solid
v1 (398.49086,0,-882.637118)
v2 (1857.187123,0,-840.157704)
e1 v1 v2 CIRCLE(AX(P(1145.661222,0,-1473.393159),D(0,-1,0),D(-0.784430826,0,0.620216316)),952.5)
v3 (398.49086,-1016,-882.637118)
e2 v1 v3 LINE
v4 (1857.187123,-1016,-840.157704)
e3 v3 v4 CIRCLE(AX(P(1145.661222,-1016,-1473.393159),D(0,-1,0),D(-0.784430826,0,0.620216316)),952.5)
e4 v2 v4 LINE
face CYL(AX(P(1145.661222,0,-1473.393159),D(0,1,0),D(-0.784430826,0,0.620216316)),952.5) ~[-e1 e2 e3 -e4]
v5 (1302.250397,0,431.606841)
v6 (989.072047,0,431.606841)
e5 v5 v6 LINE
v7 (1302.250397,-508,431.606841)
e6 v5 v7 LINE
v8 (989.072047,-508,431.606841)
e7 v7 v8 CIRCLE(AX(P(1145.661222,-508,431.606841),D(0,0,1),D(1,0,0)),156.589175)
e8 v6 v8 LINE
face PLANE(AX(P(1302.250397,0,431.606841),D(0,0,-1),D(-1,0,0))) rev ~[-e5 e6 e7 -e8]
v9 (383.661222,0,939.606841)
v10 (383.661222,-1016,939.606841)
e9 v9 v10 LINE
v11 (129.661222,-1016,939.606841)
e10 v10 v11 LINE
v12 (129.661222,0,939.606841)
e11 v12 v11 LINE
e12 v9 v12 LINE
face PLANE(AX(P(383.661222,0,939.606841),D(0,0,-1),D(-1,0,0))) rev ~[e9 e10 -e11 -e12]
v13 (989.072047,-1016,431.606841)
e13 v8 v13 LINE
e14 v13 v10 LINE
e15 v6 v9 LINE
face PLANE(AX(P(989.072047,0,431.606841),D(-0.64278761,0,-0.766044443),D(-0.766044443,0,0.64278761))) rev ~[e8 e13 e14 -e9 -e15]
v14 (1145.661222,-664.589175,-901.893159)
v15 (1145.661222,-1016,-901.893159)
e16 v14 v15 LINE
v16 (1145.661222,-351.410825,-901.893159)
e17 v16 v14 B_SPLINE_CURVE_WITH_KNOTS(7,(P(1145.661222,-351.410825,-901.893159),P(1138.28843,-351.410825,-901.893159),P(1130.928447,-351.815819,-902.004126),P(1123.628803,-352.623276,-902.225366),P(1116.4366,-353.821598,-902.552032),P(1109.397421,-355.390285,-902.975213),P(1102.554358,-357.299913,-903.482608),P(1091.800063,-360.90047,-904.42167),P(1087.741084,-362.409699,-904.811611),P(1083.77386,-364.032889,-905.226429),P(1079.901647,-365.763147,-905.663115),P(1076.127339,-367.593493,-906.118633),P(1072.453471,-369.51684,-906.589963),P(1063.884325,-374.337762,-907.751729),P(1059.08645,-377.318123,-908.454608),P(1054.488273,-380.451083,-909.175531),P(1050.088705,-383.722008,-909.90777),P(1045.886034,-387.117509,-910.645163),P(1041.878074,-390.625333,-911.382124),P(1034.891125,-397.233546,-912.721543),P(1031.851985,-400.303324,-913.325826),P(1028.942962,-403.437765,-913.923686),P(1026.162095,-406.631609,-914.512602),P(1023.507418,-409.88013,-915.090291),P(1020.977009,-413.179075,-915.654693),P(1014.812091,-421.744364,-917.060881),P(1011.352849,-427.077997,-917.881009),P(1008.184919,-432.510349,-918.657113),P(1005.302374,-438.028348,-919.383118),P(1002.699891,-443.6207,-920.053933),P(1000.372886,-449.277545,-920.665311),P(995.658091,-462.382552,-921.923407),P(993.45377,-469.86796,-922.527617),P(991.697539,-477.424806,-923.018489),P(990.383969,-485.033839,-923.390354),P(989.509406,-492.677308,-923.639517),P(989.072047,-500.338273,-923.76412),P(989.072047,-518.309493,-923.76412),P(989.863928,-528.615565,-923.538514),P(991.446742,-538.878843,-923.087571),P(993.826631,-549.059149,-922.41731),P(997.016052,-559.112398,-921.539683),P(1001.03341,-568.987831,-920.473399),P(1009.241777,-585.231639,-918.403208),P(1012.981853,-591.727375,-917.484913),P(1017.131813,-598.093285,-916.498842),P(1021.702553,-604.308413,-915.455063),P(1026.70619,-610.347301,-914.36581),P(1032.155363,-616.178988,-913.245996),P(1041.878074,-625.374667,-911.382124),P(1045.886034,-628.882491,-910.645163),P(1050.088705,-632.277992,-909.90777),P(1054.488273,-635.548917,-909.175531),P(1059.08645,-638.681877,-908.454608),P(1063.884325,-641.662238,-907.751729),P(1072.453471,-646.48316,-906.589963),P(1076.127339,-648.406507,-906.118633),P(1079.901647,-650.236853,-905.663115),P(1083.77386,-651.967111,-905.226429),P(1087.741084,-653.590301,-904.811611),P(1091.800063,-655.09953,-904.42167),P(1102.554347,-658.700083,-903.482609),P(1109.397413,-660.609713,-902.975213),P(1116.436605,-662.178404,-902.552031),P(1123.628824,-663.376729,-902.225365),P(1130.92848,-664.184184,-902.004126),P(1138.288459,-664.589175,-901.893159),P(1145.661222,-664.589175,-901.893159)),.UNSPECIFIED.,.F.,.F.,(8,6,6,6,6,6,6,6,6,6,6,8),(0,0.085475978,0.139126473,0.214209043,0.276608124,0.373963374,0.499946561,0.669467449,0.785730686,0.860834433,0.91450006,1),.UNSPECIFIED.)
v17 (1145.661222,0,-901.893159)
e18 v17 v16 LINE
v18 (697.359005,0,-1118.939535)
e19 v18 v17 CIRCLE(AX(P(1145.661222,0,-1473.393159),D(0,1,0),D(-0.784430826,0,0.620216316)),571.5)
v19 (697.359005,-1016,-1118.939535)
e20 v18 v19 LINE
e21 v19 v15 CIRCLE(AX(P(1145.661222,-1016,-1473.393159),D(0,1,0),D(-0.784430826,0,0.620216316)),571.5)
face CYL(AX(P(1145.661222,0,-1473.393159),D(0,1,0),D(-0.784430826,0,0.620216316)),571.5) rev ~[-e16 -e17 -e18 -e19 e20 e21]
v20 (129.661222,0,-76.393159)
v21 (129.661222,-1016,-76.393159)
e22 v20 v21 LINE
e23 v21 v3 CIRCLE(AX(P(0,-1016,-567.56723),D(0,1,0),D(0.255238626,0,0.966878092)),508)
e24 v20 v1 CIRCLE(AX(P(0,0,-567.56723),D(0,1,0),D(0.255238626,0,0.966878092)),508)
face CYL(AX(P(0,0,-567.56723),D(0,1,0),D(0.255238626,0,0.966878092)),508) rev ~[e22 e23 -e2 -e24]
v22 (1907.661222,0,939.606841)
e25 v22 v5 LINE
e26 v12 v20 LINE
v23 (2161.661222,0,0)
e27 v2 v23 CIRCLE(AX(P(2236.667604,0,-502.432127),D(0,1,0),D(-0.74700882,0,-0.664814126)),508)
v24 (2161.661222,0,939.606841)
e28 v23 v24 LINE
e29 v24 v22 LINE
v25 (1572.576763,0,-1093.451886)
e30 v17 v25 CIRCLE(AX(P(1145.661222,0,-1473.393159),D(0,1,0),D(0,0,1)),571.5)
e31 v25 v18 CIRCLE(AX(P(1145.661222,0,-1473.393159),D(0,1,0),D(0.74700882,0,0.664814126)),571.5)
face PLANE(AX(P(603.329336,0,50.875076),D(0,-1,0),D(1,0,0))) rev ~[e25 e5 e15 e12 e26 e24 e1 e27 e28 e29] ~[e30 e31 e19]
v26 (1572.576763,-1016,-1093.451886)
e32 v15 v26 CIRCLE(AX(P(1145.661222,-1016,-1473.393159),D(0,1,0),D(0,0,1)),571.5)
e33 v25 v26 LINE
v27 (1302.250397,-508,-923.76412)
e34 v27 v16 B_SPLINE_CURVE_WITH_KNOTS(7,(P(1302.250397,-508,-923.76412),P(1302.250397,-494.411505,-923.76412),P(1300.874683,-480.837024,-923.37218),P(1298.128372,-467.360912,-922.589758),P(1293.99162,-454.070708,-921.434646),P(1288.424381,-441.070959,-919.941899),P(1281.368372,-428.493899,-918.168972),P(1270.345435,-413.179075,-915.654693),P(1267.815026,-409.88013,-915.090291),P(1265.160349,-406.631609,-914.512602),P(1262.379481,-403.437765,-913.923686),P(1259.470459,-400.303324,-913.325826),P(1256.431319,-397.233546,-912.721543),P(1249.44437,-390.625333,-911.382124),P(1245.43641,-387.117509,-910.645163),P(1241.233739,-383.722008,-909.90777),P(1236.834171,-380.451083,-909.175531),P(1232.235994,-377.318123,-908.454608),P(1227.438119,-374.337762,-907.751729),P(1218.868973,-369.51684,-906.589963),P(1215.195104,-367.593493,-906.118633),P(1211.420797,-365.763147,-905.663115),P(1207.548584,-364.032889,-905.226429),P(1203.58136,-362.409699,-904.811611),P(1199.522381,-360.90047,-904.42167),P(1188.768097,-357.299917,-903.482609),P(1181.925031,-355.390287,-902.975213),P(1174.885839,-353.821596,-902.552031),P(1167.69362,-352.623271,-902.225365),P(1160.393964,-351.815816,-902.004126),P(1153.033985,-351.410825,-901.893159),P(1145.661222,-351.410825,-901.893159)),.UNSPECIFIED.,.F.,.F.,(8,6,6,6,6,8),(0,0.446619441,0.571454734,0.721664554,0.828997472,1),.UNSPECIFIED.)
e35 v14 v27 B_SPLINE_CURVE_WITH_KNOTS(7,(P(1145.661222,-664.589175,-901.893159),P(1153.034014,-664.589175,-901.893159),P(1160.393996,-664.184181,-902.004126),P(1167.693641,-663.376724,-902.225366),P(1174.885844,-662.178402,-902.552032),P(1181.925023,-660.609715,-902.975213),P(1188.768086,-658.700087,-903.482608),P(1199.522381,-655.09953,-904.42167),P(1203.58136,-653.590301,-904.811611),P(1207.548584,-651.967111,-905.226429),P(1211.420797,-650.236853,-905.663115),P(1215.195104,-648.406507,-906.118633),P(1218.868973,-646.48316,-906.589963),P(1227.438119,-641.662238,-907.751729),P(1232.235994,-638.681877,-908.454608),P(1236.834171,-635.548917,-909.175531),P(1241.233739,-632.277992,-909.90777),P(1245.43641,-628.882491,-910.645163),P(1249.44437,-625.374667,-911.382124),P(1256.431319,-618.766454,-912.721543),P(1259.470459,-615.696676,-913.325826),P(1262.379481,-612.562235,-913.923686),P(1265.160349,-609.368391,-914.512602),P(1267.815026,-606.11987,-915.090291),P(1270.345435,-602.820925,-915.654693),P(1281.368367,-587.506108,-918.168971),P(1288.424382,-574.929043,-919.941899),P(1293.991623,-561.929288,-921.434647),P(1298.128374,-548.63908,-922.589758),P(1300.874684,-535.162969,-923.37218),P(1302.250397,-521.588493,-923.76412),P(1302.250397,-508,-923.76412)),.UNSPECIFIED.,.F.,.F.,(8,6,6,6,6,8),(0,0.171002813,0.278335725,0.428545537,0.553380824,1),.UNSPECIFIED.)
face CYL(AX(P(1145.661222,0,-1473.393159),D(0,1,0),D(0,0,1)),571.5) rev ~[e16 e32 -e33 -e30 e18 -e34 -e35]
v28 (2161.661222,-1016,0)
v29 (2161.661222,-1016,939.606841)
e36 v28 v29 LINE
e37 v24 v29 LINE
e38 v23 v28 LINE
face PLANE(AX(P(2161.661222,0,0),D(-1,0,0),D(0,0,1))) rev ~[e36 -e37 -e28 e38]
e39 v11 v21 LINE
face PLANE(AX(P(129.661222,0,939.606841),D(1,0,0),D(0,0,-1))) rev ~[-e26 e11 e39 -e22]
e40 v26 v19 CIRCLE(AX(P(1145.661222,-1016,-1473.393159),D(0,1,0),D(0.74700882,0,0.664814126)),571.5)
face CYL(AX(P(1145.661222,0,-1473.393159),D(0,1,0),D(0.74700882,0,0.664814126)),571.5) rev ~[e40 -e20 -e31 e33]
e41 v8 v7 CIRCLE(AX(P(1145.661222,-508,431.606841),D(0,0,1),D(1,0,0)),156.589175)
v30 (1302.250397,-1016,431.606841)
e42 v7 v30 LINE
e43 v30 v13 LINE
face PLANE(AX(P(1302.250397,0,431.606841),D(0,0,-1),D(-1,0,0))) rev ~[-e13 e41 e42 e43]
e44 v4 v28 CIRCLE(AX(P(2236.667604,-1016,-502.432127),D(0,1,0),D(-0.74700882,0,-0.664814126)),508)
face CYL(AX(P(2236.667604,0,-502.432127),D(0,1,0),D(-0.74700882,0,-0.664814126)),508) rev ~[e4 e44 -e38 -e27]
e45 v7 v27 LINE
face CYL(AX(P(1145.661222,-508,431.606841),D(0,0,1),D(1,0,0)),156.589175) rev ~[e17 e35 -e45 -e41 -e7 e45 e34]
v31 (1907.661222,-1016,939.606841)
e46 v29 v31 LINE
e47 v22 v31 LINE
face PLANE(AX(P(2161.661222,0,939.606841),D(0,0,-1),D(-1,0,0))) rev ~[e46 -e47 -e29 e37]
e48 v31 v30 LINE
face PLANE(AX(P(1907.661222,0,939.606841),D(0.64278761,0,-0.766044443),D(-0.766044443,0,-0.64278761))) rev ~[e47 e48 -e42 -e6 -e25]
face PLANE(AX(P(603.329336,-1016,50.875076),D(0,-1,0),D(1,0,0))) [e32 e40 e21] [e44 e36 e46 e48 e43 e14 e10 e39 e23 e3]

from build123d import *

# Parameters (mm, degrees)
F1_DEPTH = 1016
F2_R     = 156.5891749621
F3_DEPTH = 1355.3719613069


with BuildPart() as f1:
    # F0 (on Front) → F1 (new body)
    with BuildSketch(Plane.XZ):
        with BuildLine():
            Line((129.6612219315, 939.6068407932), (129.6612219315, -76.3931592068))
            ThreePointArc((129.6612219315, -76.3931592068), (481.9164717288, -406.8796001958), (398.4908598023, -882.6371182257))
            ThreePointArc((398.4908598023, -882.6371182257), (730.5942869888, -616.0859275114), (1145.6612219315, -520.8931592068))
            Line((1145.6612219315, -520.8931592068), (1145.6612219315, 431.6068407932))
            Line((1145.6612219315, 431.6068407932), (989.0720469693, 431.6068407932))
            Line((989.0720469693, 431.6068407932), (383.6612219315, 939.6068407932))
            Line((383.6612219315, 939.6068407932), (129.6612219315, 939.6068407932))
        make_face()
        with BuildLine():
            Line((1145.6612219315, 431.6068407932), (1145.6612219315, -520.8931592068))
            ThreePointArc((1145.6612219315, -520.8931592068), (1535.5967798457, -604.366973943), (1857.187123019, -840.1577037231))
            ThreePointArc((1857.187123019, -840.1577037231), (1759.0633544866, -329.3478091986), (2161.6612219315, 0))
            Line((2161.6612219315, 0), (2161.6612219315, 939.6068407932))
            Line((2161.6612219315, 939.6068407932), (1907.6612219315, 939.6068407932))
            Line((1907.6612219315, 939.6068407932), (1302.2503968936, 431.6068407932))
            Line((1302.2503968936, 431.6068407932), (1145.6612219315, 431.6068407932))
        make_face()
        with BuildLine():
            ThreePointArc((1857.187123019, -840.1577037231), (1535.5967798457, -604.366973943), (1145.6612219315, -520.8931592068))
            Line((1145.6612219315, -520.8931592068), (1145.6612219315, -901.8931592068))
            ThreePointArc((1145.6612219315, -901.8931592068), (1379.62255668, -951.9774480486), (1572.576762584, -1093.4518859166))
            Line((1572.576762584, -1093.4518859166), (1857.187123019, -840.1577037231))
        make_face()
        with BuildLine():
            ThreePointArc((1145.6612219315, -520.8931592068), (730.5942869888, -616.0859275114), (398.4908598023, -882.6371182257))
            Line((398.4908598023, -882.6371182257), (697.3590046539, -1118.9395346181))
            ThreePointArc((697.3590046539, -1118.9395346181), (896.6210609659, -959.0088201896), (1145.6612219315, -901.8931592068))
            Line((1145.6612219315, -901.8931592068), (1145.6612219315, -520.8931592068))
        make_face()
        with BuildLine():
            Line((697.3590046539, -1118.9395346181), (398.4908598023, -882.6371182257))
            ThreePointArc((398.4908598023, -882.6371182257), (832.9501091837, -2373.0975606432), (2098.1612219315, -1473.3931592068))
            ThreePointArc((2098.1612219315, -1473.3931592068), (2035.8816077871, -1134.624927805), (1857.187123019, -840.1577037231))
            Line((1857.187123019, -840.1577037231), (1572.576762584, -1093.4518859166))
            ThreePointArc((1572.576762584, -1093.4518859166), (1679.7934534448, -1270.1322203658), (1717.1612219315, -1473.3931592068))
            ThreePointArc((1717.1612219315, -1473.3931592068), (958.0345542828, -2013.2158000687), (697.3590046539, -1118.9395346181))
        make_face()
    extrude(amount=F1_DEPTH)

    # F2 (on face) → F3 (cut, through all)
    with BuildSketch(Plane.XY.offset(431.6068407932)):
        with Locations((1145.6612219315, -508)):
            Circle(F2_R)
    extrude(amount=-F3_DEPTH, mode=Mode.SUBTRACT)


solid = f1.part
